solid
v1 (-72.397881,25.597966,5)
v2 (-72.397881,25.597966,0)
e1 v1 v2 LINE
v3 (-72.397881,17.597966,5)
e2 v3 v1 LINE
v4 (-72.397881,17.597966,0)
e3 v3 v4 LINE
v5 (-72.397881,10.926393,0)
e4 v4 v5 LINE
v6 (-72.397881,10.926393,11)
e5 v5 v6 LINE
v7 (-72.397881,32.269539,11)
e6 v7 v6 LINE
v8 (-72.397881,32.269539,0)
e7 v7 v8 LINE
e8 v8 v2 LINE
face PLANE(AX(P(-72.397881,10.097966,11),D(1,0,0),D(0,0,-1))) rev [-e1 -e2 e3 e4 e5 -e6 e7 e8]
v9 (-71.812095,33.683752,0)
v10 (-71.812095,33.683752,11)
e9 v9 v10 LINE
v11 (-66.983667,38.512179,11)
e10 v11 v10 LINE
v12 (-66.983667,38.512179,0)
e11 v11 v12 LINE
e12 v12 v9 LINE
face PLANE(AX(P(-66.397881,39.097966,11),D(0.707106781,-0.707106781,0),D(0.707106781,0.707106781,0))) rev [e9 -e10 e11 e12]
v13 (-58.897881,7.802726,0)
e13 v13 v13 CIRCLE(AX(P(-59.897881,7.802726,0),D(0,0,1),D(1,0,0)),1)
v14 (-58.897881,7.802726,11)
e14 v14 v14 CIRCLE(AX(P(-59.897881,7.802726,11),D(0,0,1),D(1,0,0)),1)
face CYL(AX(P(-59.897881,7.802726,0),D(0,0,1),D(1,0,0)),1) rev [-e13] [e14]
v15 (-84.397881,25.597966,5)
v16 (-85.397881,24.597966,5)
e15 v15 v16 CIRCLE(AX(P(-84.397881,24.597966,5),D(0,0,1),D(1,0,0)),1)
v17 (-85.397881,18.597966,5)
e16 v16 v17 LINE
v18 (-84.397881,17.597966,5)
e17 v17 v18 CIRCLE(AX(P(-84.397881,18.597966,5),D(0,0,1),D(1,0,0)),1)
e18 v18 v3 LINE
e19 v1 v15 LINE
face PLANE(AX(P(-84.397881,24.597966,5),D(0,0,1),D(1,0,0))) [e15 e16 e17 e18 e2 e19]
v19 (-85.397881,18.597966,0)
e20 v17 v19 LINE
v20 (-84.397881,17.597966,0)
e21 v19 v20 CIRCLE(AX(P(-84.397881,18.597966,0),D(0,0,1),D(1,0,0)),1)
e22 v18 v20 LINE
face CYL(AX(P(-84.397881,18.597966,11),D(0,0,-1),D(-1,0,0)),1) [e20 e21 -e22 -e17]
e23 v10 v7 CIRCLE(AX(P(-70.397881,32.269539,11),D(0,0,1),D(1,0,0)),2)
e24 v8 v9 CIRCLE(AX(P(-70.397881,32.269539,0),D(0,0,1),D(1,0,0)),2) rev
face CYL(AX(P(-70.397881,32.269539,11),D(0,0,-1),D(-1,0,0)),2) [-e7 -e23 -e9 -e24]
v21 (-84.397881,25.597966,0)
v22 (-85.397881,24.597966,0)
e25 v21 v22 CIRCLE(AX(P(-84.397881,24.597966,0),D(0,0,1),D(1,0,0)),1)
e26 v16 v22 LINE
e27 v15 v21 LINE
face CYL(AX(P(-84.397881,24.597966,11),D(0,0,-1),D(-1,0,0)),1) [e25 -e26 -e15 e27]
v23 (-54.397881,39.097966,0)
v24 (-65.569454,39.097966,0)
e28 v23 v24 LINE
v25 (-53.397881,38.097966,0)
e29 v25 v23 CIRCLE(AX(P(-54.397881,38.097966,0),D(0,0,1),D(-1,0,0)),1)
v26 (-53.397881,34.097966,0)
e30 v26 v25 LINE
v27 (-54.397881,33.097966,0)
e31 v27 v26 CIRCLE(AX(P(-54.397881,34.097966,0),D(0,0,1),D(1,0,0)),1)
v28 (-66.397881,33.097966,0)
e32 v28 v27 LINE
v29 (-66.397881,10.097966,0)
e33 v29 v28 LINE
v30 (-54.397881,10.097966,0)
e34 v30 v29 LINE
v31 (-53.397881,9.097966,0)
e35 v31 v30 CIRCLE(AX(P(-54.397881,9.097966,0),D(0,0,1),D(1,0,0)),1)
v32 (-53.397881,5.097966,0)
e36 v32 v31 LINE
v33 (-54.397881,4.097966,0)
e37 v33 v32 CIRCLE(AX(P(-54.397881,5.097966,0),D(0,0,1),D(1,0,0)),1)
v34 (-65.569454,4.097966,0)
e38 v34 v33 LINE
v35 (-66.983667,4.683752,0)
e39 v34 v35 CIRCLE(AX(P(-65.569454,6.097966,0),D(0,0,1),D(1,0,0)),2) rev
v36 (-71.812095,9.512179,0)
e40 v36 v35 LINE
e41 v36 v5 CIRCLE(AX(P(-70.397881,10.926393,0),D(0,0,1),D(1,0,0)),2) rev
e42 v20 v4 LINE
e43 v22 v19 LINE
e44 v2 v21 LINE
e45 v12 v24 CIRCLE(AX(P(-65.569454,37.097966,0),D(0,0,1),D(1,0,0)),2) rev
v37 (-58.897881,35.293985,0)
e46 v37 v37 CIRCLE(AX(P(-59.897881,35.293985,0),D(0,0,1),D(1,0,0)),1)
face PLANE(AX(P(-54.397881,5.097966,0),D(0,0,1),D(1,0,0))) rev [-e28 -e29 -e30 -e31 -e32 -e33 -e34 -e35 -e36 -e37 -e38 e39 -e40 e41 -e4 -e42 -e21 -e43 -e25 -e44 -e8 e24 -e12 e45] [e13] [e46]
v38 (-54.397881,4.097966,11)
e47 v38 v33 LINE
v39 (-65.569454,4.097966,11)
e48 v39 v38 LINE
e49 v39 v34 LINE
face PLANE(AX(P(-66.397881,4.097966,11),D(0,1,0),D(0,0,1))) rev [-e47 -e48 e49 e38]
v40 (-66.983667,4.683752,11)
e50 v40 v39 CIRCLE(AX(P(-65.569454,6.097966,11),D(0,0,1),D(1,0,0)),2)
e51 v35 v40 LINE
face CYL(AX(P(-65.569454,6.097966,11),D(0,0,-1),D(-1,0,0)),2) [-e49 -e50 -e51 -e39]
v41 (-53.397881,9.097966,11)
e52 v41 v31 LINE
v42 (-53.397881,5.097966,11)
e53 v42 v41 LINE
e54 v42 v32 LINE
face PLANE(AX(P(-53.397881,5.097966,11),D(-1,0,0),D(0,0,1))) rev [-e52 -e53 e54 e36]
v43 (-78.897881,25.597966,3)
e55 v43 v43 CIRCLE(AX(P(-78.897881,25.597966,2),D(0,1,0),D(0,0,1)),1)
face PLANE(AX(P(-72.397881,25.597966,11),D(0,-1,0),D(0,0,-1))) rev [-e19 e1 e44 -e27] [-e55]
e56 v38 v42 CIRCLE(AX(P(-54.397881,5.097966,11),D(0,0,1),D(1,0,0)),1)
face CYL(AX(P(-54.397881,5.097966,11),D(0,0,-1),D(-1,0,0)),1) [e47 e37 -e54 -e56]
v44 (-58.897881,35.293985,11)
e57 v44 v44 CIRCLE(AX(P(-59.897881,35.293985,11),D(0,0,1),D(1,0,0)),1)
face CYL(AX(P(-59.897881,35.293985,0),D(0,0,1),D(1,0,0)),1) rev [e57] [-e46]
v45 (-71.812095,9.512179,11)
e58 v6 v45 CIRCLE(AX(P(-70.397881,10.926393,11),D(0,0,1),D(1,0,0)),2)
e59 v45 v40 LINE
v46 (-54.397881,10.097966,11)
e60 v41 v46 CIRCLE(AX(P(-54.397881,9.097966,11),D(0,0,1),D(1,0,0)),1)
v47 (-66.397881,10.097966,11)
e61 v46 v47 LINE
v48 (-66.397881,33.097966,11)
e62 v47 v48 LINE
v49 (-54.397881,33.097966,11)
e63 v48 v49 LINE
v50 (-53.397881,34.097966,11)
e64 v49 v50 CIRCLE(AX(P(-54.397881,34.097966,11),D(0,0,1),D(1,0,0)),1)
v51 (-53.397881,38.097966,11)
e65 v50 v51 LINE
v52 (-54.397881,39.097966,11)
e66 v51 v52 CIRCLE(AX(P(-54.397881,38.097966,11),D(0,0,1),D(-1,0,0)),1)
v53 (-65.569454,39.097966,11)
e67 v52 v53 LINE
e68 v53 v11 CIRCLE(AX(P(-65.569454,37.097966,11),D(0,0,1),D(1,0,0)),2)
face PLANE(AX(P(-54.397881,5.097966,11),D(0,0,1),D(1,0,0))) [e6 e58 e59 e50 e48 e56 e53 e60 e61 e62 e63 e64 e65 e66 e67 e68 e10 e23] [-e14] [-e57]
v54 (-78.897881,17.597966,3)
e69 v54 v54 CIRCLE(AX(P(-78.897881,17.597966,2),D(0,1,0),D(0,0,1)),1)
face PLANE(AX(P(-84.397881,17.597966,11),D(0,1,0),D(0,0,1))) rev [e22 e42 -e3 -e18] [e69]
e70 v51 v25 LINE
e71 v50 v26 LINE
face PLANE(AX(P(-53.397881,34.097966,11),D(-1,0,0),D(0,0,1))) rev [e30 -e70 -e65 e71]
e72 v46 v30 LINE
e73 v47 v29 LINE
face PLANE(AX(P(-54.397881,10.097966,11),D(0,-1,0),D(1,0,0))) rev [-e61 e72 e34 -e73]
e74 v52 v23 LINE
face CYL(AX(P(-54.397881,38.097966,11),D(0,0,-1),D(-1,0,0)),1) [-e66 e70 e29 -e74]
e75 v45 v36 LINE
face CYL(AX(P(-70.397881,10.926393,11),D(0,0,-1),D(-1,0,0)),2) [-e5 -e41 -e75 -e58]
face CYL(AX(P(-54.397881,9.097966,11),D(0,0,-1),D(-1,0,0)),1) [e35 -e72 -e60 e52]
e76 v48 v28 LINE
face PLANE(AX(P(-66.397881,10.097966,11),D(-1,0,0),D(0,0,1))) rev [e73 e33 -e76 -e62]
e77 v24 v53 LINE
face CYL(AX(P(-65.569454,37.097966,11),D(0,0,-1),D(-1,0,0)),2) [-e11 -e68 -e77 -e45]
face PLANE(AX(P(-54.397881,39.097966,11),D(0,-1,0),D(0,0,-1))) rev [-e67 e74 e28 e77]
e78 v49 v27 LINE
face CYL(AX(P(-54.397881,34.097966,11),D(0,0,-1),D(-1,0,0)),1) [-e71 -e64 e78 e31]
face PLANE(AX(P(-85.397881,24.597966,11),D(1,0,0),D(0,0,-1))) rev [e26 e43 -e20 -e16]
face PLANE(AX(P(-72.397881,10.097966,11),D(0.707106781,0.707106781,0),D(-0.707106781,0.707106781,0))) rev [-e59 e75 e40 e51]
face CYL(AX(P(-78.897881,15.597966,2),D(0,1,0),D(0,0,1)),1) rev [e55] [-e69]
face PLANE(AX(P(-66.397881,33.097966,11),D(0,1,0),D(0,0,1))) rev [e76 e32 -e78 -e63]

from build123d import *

# Parameters (mm, degrees)
BOSS_EXTRUDE1_DEPTH = 11
SKETCH6_R           = 1
CUT_EXTRUDE7_DEPTH  = 11
SKETCH7_R           = 1
CUT_EXTRUDE8_DEPTH  = 11
SKETCH8_R           = 1
CUT_EXTRUDE9_DEPTH  = 10
CUT_EXTRUDE_START   = -6
CUT_EXTRUDE_1_DEPTH = 6
FILLET_1_R          = 2


with BuildPart() as part:
    # Sketch1 → Boss-Extrude1 (new body)
    with BuildSketch(Plane.XY):
        with BuildLine():
            Line((-54.397881045, 39.097965902), (-66.397881045, 39.097965902))
            Line((-66.397881045, 39.097965902), (-72.397881045, 33.097965902))
            Line((-72.397881045, 33.097965902), (-72.397881045, 25.597965902))
            Line((-72.397881045, 25.597965902), (-84.397881045, 25.597965902))
            ThreePointArc((-84.397881045, 25.597965902), (-85.104987826, 25.305072683), (-85.397881045, 24.597965902))
            Line((-85.397881045, 24.597965902), (-85.397881045, 18.597965902))
            ThreePointArc((-85.397881045, 18.597965902), (-85.104987826, 17.890859121), (-84.397881045, 17.597965902))
            Line((-84.397881045, 17.597965902), (-72.397881045, 17.597965902))
            Line((-72.397881045, 17.597965902), (-72.397881045, 10.097965902))
            Line((-72.397881045, 10.097965902), (-66.397881045, 4.097965902))
            Line((-66.397881045, 4.097965902), (-54.397881045, 4.097965902))
            ThreePointArc((-54.397881045, 4.097965902), (-53.690774263, 4.390859121), (-53.397881045, 5.097965902))
            Line((-53.397881045, 5.097965902), (-53.397881045, 9.097965902))
            ThreePointArc((-53.397881045, 9.097965902), (-53.690774263, 9.805072683), (-54.397881045, 10.097965902))
            Line((-54.397881045, 10.097965902), (-66.397881045, 10.097965902))
            Line((-66.397881045, 10.097965902), (-66.397881045, 33.097965902))
            Line((-66.397881045, 33.097965902), (-54.397881045, 33.097965902))
            ThreePointArc((-54.397881045, 33.097965902), (-53.690774263, 33.390859121), (-53.397881045, 34.097965902))
            Line((-53.397881045, 34.097965902), (-53.397881045, 38.097965902))
            ThreePointArc((-53.397881045, 38.097965902), (-53.690774263, 38.805072683), (-54.397881045, 39.097965902))
        make_face()
    extrude(amount=BOSS_EXTRUDE1_DEPTH)

    # Sketch6 → Cut-Extrude7 (cut)
    with BuildSketch(Plane(origin=(0, -0.303980624, 11), x_dir=(1, 0, 0), z_dir=(0, 0, 1))):
        with Locations((-59.897881045, 35.597965902)):
            Circle(SKETCH6_R)
    extrude(amount=-CUT_EXTRUDE7_DEPTH, mode=Mode.SUBTRACT)

    # Sketch7 → Cut-Extrude8 (cut)
    with BuildSketch(Plane(origin=(0, 0.204760049, 11), x_dir=(1, 0, 0), z_dir=(0, 0, 1))):
        with Locations((-59.897881045, 7.597965902)):
            Circle(SKETCH7_R)
    extrude(amount=-CUT_EXTRUDE8_DEPTH, mode=Mode.SUBTRACT)

    # Sketch8 → Cut-Extrude9 (cut)
    with BuildSketch(Plane(origin=(0, 25.597965902, 0), x_dir=(1, 0, 0), z_dir=(0, 1, 0))):
        with Locations(Location((-78.897881045, -2, 0), (0, 0, 270))):
            Circle(SKETCH8_R)
    extrude(amount=-CUT_EXTRUDE9_DEPTH, mode=Mode.SUBTRACT)

    # Эскиз1 → Вырез-Вытянуть1 (cut)
    with BuildSketch(Plane.XY.offset(11).offset(CUT_EXTRUDE_START)):
        with BuildLine():
            Line((-72.397881045, 17.597965902), (-72.397881045, 25.597965902))
            Line((-72.397881045, 25.597965902), (-84.397881045, 25.597965902))
            ThreePointArc((-84.397881045, 25.597965902), (-85.104987826, 25.305072683), (-85.397881045, 24.597965902))
            Line((-85.397881045, 24.597965902), (-85.397881045, 18.597965902))
            ThreePointArc((-85.397881045, 18.597965902), (-85.104987826, 17.890859121), (-84.397881045, 17.597965902))
            Line((-84.397881045, 17.597965902), (-72.397881045, 17.597965902))
        make_face()
    extrude(amount=CUT_EXTRUDE_1_DEPTH, mode=Mode.SUBTRACT)

    # Скругление1
    fillet_1_edges = [part.edges().sort_by_distance(p)[0] for p in [
        (-72.397881045, 10.097965902, 5.5),
        (-72.397881045, 33.097965902, 5.5),
        (-66.397881045, 39.097965902, 5.5),
        (-66.397881045, 4.097965902, 5.5),
    ]]
    fillet(fillet_1_edges, radius=FILLET_1_R)


solid = part.part
